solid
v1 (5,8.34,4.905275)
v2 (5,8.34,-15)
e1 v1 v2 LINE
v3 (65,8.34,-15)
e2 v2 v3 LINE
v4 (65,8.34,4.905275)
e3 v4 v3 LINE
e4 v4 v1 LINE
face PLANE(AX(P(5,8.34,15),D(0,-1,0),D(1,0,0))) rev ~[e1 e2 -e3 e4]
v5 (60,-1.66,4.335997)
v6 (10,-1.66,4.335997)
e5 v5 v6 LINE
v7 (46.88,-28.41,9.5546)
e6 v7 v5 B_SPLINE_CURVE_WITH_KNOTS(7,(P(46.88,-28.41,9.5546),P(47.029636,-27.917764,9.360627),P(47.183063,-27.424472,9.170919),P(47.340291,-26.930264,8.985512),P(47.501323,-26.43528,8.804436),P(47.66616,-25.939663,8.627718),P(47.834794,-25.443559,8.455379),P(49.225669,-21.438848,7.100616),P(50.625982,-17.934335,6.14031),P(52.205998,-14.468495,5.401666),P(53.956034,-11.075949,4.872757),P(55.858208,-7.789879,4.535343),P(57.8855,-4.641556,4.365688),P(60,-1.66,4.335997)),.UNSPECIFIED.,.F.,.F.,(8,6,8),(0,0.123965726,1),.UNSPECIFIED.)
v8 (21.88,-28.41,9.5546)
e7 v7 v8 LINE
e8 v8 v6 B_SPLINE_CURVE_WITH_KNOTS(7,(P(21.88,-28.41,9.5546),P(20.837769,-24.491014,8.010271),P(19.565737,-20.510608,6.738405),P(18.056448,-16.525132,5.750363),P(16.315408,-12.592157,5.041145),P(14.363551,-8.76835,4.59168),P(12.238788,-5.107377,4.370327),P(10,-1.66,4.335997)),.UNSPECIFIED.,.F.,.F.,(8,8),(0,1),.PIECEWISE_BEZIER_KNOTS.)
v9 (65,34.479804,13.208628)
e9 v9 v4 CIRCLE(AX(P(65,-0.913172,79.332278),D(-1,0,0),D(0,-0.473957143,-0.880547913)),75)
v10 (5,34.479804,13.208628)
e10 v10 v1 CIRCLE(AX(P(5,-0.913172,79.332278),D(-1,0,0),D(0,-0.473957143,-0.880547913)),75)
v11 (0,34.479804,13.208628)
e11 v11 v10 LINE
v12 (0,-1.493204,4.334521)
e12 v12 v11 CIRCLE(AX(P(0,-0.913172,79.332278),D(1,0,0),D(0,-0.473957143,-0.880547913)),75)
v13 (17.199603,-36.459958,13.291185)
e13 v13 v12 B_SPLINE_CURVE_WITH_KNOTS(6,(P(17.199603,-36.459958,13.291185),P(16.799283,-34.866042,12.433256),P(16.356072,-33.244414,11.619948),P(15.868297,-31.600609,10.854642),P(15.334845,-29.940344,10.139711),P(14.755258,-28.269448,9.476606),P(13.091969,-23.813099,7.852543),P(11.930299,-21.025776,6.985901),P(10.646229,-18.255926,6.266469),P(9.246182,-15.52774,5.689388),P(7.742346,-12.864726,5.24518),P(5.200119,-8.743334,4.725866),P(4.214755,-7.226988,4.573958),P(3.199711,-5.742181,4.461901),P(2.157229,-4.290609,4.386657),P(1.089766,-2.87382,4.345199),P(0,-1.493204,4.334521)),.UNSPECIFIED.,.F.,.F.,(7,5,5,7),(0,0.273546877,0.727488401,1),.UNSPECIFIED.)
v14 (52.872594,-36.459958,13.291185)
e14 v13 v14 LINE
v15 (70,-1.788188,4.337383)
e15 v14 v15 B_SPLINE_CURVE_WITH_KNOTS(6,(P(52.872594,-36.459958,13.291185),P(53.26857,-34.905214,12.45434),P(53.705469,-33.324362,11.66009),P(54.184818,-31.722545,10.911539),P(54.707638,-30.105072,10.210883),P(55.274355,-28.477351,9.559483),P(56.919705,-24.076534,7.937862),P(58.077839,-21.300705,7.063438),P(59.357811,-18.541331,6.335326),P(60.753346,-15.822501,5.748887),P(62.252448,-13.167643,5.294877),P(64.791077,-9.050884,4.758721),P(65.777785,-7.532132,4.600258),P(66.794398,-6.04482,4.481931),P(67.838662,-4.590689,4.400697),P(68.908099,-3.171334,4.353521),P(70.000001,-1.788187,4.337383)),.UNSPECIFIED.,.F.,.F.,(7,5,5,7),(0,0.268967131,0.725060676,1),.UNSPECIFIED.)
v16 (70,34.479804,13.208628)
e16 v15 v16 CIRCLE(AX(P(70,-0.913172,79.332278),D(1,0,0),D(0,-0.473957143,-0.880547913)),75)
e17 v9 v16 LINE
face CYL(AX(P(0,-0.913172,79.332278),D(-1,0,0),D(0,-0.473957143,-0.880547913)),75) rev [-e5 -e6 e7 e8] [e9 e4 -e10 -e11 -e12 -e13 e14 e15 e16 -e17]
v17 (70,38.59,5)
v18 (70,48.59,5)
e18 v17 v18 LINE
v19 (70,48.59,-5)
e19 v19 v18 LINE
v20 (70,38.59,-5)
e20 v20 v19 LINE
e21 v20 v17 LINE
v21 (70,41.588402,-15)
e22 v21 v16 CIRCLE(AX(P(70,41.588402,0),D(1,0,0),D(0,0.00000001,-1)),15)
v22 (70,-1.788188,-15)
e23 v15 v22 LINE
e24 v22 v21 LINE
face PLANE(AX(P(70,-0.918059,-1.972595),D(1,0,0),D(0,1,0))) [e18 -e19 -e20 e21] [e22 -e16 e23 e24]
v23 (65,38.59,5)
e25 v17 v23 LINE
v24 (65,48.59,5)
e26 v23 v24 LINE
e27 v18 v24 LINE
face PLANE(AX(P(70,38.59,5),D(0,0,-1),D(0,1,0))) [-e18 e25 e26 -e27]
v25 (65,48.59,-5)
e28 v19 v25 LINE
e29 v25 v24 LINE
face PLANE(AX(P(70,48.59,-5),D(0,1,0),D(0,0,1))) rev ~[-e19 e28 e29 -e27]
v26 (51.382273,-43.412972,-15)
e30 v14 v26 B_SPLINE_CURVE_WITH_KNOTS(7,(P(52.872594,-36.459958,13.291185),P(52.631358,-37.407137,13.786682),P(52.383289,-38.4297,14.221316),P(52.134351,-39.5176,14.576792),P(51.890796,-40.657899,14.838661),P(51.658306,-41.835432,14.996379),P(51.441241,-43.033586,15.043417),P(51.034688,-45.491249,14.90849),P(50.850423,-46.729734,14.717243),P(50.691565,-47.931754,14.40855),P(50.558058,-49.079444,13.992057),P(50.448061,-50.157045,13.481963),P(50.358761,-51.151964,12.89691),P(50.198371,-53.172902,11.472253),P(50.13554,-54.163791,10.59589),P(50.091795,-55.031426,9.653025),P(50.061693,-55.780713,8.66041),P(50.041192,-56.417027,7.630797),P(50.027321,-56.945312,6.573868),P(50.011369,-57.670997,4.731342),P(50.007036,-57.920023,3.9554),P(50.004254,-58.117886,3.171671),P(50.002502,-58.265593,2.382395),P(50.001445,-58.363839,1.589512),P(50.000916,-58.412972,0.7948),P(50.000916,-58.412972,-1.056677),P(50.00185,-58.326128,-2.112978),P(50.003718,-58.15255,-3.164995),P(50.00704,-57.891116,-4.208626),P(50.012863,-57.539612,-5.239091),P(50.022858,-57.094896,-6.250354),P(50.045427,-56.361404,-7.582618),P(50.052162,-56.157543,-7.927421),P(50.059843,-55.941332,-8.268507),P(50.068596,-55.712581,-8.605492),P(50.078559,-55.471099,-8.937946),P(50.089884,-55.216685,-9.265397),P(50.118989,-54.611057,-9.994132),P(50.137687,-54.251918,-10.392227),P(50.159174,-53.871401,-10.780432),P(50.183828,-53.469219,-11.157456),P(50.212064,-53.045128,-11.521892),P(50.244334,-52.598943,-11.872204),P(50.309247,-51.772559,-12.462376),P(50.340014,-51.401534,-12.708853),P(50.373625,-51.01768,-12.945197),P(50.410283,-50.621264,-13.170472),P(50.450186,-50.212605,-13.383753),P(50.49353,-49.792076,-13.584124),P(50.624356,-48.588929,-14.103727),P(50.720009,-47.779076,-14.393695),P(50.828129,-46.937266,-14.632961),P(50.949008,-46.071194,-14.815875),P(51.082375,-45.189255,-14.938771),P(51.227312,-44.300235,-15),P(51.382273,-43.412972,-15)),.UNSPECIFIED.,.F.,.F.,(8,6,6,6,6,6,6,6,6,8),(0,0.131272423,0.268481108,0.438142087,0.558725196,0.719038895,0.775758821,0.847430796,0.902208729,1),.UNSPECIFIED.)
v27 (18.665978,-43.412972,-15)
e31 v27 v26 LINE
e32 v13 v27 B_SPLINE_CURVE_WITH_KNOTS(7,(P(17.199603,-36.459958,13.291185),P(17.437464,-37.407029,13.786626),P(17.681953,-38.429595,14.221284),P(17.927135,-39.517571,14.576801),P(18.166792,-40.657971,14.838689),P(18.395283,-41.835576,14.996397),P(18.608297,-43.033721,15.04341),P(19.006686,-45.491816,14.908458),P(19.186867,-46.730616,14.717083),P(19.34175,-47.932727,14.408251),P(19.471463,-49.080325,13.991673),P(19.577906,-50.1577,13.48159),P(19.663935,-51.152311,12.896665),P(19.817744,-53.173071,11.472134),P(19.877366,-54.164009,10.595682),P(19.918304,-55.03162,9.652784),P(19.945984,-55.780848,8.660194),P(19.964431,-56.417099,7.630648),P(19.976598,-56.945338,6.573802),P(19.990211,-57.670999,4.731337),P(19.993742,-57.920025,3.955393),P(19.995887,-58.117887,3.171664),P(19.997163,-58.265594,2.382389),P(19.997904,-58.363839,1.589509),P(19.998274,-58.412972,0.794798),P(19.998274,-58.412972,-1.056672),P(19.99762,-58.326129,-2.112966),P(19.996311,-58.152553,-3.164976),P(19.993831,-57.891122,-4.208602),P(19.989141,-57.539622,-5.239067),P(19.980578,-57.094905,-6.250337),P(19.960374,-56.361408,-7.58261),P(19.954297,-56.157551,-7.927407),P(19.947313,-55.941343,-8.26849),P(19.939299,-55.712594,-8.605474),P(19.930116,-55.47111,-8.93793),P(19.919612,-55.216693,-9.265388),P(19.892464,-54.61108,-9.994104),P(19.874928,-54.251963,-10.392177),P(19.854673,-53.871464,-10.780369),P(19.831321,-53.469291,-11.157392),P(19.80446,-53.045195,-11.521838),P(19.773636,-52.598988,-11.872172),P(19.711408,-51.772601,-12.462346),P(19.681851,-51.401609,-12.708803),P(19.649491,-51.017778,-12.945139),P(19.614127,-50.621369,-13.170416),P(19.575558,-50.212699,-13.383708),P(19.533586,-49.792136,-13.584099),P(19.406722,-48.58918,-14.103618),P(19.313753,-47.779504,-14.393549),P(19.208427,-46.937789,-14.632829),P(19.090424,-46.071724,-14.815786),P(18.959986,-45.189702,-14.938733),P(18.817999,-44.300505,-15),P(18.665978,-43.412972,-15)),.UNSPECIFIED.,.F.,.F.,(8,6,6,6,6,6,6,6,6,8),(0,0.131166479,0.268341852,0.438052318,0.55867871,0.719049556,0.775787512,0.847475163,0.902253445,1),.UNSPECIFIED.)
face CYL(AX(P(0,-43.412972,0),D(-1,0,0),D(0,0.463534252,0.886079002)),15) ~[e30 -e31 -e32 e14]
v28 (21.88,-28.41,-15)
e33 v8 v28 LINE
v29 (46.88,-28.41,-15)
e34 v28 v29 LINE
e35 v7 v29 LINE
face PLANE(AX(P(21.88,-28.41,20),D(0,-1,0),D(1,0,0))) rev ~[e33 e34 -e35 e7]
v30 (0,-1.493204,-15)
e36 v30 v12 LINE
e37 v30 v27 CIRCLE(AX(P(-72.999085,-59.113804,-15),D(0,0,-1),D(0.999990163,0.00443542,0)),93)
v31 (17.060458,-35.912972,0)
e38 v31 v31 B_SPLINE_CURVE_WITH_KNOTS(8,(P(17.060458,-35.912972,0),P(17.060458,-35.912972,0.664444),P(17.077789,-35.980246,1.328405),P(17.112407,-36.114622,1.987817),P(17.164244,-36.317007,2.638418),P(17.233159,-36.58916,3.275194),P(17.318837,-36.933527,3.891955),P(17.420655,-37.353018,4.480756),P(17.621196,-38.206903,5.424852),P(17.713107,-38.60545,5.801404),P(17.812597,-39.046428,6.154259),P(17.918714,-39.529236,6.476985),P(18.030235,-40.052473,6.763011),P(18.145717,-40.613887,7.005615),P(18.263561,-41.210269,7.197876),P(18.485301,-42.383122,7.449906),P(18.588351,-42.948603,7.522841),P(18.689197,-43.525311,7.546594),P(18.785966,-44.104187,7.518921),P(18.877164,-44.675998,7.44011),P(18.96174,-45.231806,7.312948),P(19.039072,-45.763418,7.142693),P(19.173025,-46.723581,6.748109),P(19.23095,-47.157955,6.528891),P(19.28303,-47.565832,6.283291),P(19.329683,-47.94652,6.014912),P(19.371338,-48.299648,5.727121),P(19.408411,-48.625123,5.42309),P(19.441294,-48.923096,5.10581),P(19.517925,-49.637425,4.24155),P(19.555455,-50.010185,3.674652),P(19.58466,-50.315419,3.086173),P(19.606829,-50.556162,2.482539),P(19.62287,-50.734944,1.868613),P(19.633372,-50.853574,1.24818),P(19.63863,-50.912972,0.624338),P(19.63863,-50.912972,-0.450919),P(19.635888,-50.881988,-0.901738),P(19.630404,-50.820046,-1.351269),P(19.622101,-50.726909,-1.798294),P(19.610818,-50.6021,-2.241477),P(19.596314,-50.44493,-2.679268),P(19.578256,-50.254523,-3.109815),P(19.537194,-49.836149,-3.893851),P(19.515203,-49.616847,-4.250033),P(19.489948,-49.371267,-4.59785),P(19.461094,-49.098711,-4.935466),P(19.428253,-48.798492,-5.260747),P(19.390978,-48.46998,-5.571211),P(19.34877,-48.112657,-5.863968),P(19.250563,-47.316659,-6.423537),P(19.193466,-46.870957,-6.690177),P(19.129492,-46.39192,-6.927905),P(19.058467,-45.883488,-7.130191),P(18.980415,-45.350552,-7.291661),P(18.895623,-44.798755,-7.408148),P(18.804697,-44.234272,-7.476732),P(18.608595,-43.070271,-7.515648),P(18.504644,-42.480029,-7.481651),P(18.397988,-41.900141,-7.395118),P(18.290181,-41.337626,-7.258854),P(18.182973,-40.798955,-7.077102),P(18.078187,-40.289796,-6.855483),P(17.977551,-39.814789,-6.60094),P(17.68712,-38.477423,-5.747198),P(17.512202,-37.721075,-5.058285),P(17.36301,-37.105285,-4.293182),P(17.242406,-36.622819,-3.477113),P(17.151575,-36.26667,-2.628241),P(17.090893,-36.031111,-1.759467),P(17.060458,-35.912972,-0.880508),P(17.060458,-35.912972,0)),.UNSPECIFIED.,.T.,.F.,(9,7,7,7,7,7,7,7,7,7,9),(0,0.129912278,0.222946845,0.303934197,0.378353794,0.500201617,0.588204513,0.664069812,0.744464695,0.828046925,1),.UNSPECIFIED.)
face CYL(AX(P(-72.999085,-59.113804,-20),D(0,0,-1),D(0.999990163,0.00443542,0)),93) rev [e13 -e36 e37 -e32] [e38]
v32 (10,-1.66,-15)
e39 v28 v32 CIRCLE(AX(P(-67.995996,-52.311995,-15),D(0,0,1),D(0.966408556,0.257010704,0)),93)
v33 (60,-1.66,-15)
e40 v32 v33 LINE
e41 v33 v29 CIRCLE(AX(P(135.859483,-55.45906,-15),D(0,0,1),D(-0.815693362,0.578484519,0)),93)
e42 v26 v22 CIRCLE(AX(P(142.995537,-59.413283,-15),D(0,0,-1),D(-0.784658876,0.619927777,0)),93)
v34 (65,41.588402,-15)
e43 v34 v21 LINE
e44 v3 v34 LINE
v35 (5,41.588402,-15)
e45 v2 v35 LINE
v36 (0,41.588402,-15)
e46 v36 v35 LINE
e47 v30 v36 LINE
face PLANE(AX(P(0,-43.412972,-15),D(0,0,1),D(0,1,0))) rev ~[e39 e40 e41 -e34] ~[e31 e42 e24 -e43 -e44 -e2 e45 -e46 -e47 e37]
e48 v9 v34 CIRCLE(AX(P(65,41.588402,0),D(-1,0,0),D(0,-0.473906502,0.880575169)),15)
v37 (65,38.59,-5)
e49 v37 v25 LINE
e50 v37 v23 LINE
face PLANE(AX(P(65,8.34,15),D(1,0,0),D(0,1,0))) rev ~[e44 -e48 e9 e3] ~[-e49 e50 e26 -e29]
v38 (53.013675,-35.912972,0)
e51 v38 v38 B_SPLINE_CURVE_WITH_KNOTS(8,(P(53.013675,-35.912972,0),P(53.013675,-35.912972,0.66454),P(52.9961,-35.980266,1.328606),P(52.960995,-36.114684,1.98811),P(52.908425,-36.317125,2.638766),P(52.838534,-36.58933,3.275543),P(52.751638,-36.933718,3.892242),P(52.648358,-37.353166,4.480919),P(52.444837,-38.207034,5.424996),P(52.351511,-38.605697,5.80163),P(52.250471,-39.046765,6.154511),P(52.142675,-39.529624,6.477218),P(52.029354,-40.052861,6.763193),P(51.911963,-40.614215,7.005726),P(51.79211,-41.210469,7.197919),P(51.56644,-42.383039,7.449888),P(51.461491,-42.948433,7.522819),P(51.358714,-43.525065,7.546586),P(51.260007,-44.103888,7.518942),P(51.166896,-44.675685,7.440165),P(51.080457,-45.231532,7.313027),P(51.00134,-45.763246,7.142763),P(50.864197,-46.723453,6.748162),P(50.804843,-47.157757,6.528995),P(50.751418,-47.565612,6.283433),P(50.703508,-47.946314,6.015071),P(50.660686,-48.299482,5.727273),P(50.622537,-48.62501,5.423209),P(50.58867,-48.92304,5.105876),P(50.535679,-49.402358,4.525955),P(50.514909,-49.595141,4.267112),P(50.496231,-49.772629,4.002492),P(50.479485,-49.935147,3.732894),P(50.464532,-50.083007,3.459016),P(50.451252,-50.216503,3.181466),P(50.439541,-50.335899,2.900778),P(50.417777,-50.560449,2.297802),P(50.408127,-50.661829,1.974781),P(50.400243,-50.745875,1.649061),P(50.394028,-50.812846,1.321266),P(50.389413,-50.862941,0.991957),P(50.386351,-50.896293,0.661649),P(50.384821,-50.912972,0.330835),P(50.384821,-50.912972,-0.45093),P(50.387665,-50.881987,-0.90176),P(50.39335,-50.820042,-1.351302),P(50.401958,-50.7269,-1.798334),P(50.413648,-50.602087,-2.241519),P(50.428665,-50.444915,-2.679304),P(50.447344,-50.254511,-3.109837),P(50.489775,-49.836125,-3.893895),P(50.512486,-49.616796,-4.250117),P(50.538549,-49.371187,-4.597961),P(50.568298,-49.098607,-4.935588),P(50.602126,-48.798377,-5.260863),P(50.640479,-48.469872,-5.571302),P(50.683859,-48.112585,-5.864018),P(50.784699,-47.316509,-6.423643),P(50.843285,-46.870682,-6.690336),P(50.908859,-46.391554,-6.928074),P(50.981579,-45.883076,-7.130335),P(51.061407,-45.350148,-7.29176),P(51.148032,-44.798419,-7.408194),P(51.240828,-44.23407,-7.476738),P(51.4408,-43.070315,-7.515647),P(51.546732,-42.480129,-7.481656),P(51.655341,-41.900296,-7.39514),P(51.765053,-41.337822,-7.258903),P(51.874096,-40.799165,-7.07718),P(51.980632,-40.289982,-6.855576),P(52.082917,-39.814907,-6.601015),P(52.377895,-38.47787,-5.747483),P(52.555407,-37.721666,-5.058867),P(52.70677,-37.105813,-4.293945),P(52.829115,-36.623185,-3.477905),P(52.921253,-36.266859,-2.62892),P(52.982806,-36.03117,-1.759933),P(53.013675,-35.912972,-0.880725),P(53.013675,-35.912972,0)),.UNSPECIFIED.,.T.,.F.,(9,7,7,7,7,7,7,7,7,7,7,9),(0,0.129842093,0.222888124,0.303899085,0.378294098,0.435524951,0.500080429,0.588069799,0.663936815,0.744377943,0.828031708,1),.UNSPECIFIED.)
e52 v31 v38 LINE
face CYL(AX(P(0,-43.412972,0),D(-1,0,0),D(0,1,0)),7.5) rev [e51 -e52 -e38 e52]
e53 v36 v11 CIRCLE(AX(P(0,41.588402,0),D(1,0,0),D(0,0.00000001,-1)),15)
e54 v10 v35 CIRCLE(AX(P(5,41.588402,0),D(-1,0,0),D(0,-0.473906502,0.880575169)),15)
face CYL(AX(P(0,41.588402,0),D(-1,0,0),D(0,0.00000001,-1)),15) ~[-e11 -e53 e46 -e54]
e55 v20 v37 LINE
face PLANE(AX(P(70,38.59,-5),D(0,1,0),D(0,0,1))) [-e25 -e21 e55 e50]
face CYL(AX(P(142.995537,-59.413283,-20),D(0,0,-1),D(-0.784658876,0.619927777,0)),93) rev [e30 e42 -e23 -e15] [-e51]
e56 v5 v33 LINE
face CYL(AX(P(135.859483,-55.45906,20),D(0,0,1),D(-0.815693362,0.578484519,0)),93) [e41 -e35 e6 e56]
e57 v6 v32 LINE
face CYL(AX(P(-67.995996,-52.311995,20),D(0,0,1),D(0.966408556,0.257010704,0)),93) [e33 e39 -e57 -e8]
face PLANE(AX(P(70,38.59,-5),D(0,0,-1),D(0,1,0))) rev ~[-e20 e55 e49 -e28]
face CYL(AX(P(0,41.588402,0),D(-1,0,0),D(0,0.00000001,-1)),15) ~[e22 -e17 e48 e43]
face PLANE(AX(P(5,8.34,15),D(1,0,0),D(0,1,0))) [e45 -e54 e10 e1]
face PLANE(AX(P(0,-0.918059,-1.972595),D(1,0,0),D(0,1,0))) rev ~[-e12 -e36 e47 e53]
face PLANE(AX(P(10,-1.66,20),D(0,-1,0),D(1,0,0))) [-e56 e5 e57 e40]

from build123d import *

# Parameters (mm, degrees)
SKETCH_R        = 7.5
PAD_DEPTH       = 70
SKETCH001_W     = 60
SKETCH001_H     = 48.25
POCKET_DEPTH    = 30
POCKET001_DEPTH = 50
POCKET002_DEPTH = 50
SKETCH004_W     = 10
SKETCH004_H     = 10
POCKET003_DEPTH = 5


with BuildPart() as part:
    # Sketch → Pad (new body)
    with BuildSketch(Plane.YZ):
        with BuildLine():
            ThreePointArc((-36.4599581718, 13.2911850247), (-57.9795050803, 3.5799598665), (-43.412972048, -15))
            Line((-43.412972048, -15), (41.5884017265, -15))
            ThreePointArc((41.5884017265, -15), (56.1336656173, 3.6654186747), (34.479804051, 13.2086275283))
            ThreePointArc((-36.4599581718, 13.2911850247), (-1.0004550601, 4.3323292657), (34.479804051, 13.2086275283))
        make_face()
        with Locations((-43.4129719528, 0)):
            Circle(SKETCH_R, mode=Mode.SUBTRACT)
    extrude(amount=PAD_DEPTH)

    # Sketch001 → Pocket (cut)
    with BuildSketch(Plane.XY.offset(15)):
        with Locations((35, 32.465)):
            Rectangle(SKETCH001_W, SKETCH001_H)
    extrude(amount=-POCKET_DEPTH, mode=Mode.SUBTRACT)

    # Sketch002 → Pocket001 (cut)
    with BuildSketch(Plane(origin=(3, -0.1, -20), x_dir=(1, 0, 0), z_dir=(0, 0, 1))):
        with BuildLine():
            ThreePointArc((17, -58.6013099487), (11.7906635923, -28.3224370767), (-3, -1.3932039145))
            Line((-3, -1.3932039145), (-3, -58.6013099487))
            Line((-3, -58.6013099487), (17, -58.6013099487))
        make_face()
        with BuildLine():
            ThreePointArc((67.0222612126, -1.66), (52.2953112485, -28.3670320419), (47, -58.4021497296))
            Line((66.999998461, -58.4099956332), (47, -58.4021497296))
            Line((67.0222612126, -1.66), (66.999998461, -58.4099956332))
        make_face()
    extrude(amount=POCKET001_DEPTH, mode=Mode.SUBTRACT)

    # Sketch003 → Pocket002 (cut)
    with BuildSketch(Plane.XY.offset(20)):
        with BuildLine():
            Line((10, -1.66), (60, -1.66))
            ThreePointArc((60, -1.66), (52.3618075612, -14.5061818768), (46.88, -28.41))
            Line((21.88, -28.41), (46.88, -28.41))
            ThreePointArc((21.88, -28.41), (16.9989570858, -14.5647042924), (10, -1.66))
        make_face()
    extrude(amount=-POCKET002_DEPTH, mode=Mode.SUBTRACT)

    # Sketch004 → Pocket003 (cut)
    with BuildSketch(Plane.YZ.offset(70)):
        with Locations((43.59, 0)):
            Rectangle(SKETCH004_W, SKETCH004_H)
    extrude(amount=-POCKET003_DEPTH, mode=Mode.SUBTRACT)


solid = part.part
